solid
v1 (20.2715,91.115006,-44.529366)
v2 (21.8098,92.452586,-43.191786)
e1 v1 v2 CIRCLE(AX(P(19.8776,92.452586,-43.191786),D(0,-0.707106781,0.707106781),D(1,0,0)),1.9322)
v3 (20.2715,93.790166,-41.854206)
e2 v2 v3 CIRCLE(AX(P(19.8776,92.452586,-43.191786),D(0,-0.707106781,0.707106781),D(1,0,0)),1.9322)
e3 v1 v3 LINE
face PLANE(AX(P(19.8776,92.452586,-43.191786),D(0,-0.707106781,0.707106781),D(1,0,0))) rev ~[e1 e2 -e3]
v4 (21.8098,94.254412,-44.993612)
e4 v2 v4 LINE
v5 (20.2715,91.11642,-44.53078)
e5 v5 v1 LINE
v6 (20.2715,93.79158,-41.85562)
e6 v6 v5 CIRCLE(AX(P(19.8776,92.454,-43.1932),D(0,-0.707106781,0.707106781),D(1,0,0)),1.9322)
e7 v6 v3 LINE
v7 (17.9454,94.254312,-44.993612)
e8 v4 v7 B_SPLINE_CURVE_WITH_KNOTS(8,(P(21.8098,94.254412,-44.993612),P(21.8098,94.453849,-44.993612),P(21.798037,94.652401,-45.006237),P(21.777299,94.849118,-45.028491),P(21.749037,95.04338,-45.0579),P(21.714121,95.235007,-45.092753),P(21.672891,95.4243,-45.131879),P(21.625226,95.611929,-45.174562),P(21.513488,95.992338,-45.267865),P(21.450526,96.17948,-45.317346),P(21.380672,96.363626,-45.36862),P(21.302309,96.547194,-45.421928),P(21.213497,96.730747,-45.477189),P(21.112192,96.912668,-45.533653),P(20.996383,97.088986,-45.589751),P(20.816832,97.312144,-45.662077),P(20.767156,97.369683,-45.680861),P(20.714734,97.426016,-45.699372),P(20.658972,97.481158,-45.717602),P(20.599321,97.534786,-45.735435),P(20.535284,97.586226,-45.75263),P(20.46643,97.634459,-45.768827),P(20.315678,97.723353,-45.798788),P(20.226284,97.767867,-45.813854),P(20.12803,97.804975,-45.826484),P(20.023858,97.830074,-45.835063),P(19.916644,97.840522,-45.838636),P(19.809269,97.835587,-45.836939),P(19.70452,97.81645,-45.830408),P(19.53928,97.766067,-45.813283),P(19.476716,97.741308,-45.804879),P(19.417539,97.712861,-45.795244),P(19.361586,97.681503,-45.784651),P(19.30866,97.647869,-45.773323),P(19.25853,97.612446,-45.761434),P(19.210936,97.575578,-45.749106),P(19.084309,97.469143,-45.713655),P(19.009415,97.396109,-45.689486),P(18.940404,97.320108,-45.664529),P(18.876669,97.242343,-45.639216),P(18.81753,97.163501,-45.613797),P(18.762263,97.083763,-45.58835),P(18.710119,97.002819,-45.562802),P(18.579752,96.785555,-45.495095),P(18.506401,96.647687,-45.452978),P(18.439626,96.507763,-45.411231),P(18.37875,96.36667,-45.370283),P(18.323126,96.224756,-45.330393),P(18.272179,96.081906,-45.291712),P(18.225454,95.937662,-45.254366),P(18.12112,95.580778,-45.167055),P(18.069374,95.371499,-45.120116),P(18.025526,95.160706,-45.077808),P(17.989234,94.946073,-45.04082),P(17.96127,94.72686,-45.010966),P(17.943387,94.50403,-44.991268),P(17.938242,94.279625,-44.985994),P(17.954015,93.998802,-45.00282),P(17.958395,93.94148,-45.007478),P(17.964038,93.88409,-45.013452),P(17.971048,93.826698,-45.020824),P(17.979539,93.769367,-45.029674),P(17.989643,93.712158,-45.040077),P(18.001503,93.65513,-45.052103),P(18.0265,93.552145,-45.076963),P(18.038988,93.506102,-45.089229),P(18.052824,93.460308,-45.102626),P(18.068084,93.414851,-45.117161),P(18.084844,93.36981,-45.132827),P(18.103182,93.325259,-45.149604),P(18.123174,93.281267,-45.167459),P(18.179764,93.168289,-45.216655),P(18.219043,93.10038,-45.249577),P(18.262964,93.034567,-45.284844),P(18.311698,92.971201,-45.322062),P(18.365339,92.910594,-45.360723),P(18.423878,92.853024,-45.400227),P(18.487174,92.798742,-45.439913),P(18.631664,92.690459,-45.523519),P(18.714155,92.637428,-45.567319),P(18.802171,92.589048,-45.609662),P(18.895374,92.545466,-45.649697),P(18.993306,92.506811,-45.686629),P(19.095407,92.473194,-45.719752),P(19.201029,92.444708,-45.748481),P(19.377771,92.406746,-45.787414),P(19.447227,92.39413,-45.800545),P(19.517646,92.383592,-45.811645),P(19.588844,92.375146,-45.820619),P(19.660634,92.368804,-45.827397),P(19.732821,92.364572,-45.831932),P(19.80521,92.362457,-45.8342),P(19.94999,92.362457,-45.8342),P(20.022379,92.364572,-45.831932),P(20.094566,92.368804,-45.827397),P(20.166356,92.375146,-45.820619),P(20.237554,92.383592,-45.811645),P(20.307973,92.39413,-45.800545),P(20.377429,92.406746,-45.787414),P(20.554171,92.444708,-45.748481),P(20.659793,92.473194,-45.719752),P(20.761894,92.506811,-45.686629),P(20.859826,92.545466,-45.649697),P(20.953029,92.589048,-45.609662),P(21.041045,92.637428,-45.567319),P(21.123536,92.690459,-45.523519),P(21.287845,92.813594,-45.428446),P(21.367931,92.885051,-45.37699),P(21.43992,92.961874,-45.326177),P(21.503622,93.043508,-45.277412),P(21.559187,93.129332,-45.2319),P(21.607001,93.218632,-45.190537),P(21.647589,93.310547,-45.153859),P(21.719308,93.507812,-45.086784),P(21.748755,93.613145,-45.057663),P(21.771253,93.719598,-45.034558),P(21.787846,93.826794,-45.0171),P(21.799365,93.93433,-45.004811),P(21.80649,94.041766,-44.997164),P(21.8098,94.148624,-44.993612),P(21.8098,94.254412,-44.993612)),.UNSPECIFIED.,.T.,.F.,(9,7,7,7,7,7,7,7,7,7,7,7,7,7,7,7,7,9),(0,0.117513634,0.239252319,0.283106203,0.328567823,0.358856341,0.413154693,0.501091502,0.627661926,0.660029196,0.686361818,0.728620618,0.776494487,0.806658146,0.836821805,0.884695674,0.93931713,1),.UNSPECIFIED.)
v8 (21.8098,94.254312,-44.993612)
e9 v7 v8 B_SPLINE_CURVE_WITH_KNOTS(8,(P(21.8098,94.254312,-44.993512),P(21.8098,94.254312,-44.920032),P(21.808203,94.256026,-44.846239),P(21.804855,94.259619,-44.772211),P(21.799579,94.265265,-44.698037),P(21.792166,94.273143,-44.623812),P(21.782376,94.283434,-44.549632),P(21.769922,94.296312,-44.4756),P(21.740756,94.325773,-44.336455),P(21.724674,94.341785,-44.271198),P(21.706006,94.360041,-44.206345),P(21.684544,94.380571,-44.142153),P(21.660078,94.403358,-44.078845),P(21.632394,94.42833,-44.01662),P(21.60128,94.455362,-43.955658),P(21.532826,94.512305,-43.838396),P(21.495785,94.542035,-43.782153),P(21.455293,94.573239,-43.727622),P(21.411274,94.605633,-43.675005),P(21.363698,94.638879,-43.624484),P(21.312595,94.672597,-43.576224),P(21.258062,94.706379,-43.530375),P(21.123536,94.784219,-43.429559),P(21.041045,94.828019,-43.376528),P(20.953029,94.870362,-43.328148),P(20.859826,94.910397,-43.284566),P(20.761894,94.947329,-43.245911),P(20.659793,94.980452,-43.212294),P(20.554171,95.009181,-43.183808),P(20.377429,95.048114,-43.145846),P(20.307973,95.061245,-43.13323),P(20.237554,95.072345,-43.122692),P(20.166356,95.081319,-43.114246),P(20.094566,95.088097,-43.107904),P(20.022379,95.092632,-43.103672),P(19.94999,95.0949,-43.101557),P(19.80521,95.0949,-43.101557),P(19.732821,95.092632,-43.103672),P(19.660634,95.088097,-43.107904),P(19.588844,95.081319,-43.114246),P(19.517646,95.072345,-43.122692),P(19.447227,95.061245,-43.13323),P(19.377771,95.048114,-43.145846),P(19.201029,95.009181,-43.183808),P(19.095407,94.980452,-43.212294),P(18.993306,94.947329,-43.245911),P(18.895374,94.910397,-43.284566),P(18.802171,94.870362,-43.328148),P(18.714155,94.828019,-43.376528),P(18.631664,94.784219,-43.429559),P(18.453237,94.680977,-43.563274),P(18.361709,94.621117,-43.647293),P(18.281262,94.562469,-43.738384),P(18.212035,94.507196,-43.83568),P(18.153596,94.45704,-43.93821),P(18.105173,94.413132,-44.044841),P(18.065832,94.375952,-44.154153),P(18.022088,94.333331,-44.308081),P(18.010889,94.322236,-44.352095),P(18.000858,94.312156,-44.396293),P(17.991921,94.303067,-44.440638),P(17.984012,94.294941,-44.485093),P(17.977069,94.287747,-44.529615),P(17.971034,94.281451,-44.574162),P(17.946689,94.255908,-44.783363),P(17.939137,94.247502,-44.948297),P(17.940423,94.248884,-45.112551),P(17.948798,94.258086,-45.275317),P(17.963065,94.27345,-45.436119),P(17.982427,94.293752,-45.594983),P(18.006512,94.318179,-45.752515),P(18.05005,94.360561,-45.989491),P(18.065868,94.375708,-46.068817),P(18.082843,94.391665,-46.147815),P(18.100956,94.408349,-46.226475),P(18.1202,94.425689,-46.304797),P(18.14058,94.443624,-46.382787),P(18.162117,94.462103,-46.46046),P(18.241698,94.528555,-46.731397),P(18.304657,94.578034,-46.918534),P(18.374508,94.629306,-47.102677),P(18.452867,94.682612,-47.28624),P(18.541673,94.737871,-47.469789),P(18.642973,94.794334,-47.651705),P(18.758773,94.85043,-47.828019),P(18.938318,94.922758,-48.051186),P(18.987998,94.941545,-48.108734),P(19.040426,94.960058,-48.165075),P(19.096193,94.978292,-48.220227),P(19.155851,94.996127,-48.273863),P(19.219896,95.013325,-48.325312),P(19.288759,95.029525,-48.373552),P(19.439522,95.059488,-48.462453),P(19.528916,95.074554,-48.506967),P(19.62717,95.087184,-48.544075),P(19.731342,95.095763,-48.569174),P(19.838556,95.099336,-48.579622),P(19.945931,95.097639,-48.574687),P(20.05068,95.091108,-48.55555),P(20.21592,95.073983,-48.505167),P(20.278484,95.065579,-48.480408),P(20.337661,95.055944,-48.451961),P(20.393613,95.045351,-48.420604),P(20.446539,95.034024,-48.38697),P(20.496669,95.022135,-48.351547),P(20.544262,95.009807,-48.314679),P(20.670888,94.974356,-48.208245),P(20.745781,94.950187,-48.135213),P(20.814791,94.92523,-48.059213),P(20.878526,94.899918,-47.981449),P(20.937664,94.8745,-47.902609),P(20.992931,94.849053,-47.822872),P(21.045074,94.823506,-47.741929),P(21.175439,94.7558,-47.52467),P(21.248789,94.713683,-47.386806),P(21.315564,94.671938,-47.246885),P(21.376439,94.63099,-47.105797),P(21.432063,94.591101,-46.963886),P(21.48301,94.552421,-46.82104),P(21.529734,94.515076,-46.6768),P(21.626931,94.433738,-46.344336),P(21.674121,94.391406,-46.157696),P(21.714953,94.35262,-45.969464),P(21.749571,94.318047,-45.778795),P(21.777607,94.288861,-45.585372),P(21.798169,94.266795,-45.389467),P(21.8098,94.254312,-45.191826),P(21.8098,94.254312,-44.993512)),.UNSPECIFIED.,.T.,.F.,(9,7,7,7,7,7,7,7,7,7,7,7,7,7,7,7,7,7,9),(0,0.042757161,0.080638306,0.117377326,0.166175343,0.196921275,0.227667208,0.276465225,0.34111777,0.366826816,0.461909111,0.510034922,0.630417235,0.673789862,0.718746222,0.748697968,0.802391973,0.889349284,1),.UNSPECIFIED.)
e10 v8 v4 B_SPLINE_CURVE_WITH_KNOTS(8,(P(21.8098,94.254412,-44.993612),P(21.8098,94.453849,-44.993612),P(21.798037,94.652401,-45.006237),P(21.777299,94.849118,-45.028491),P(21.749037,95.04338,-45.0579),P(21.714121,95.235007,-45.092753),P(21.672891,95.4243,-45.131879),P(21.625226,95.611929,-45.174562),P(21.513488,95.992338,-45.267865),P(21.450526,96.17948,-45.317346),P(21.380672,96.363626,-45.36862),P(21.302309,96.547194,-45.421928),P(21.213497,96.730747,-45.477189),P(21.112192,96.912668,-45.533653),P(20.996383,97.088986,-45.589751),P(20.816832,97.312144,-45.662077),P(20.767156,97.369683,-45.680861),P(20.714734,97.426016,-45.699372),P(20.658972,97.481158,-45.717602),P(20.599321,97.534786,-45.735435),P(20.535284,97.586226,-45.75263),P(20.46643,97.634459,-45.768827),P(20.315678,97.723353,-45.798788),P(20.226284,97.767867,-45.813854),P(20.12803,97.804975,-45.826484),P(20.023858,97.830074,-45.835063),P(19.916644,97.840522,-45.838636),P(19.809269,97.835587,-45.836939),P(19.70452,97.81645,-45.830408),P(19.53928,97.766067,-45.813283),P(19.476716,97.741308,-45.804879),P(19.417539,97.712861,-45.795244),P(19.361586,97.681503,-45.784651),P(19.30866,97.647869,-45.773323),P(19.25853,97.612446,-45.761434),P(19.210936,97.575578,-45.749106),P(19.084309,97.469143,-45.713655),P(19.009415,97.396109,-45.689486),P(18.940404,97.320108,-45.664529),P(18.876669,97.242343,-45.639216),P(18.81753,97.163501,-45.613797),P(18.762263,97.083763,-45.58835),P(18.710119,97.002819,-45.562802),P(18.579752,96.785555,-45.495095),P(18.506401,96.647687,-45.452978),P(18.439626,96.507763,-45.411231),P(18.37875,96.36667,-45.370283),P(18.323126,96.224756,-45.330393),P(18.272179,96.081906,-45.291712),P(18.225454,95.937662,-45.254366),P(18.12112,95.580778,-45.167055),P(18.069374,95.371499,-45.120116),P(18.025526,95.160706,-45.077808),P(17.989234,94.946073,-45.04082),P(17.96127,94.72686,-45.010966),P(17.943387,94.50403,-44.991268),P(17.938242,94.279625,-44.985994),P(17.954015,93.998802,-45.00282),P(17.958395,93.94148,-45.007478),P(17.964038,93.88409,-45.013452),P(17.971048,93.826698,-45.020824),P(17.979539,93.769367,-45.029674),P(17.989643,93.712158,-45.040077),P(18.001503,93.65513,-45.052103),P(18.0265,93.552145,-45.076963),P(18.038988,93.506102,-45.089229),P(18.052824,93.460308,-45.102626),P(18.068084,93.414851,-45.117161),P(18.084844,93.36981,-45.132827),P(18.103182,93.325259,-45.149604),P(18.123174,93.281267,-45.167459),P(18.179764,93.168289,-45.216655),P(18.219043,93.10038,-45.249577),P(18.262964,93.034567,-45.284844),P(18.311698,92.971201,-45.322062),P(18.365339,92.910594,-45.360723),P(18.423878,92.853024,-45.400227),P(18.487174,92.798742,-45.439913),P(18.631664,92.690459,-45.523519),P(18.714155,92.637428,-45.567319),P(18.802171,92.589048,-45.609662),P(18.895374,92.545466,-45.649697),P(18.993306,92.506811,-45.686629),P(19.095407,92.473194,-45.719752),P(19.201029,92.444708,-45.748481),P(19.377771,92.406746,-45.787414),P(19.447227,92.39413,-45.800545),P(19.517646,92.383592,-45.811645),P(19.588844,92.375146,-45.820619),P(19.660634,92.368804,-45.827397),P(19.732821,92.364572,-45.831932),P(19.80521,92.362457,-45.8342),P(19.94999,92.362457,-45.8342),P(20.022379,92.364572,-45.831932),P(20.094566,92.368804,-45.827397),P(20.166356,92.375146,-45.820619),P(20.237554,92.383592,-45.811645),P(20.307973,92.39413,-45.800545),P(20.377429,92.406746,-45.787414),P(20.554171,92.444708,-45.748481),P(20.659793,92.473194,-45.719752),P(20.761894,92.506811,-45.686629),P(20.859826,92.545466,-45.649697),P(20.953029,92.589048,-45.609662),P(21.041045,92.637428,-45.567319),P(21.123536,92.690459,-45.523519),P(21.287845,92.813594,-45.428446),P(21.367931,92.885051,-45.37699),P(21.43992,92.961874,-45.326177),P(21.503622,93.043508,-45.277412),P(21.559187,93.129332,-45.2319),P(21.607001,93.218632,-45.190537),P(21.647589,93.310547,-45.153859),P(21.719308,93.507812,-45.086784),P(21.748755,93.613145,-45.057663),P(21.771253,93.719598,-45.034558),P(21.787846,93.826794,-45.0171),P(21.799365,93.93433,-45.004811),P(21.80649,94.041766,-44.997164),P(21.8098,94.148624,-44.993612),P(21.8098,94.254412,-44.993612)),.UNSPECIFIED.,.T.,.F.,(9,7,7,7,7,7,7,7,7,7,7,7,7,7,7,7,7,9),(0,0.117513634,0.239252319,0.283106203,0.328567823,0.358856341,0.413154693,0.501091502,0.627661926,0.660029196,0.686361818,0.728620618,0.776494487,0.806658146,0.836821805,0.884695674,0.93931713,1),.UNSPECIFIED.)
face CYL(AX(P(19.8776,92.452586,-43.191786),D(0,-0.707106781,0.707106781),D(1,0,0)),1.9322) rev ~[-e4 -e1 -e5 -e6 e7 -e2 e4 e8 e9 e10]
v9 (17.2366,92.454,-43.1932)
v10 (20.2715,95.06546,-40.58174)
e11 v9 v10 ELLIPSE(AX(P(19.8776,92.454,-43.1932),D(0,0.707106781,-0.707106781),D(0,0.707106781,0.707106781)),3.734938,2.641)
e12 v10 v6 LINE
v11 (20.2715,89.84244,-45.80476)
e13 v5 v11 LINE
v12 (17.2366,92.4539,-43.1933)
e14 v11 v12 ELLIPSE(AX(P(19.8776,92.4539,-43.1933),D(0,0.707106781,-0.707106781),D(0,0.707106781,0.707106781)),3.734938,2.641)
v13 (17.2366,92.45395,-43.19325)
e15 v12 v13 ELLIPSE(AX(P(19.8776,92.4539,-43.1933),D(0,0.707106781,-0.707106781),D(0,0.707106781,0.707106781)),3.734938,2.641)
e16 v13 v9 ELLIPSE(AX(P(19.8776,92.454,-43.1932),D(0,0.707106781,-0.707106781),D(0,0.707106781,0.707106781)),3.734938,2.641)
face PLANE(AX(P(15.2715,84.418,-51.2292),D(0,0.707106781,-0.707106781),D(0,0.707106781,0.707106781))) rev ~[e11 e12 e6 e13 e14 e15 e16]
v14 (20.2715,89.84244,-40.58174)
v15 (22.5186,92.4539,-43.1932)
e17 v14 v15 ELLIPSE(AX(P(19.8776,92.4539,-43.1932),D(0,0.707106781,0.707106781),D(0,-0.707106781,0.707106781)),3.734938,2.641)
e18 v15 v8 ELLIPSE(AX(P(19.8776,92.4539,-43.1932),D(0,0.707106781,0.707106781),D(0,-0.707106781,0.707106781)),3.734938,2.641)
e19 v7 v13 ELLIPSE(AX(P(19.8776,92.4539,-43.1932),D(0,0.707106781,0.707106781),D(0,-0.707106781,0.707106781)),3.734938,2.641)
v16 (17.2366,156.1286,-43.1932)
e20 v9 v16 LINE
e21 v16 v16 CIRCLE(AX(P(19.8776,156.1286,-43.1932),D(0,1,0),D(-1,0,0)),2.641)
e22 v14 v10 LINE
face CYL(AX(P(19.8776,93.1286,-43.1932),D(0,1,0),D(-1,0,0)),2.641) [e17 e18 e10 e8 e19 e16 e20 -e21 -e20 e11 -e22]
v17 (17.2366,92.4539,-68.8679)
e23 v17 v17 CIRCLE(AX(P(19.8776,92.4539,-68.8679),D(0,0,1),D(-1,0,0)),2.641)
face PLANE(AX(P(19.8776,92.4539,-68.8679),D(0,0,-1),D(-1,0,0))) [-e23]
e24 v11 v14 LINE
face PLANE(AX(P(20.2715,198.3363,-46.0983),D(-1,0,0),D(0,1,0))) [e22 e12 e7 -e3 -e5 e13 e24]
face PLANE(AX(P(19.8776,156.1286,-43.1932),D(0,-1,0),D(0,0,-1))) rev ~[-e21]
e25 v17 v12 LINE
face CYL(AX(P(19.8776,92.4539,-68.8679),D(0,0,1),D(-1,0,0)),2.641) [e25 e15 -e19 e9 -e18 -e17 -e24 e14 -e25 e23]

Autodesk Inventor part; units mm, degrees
ref_plane "YZ Plane" through (0, 0, 0) normal (1, 0, 0) x (0, 1, 0)
ref_plane "XZ Plane" through (0, 0, 0) normal (0, 1, 0) x (-1, 0, 0)
ref_plane "XY Plane" through (0, 0, 0) normal (0, 0, 1) x (1, 0, 0)
ref_plane "Work Plane1" through (15.2715, 198.3363, -46.0983) normal (-1, 0, 0) x (0, 1, 0)
sketch "Sketch1" plane through (15.2715, 198.3363, -46.0983) normal (-1, 0, 0) x (0, 1, 0)
  line L0 (-57.2075, -5.2313) -> (-57.2075, -7.2313)
  line L1 (-59.3325, 28.2487) -> (-59.3325, 9.0387)
  line L2 (-39.0825, 28.2487) -> (-39.0825, 9.0387)
  line L3 (-60.777, -7.2313) -> (-38.43, -7.2313) projected
  line L4 (-38.43, -0.2313) -> (-60.777, -0.2313) projected
  line L5 (-113.6123, 22.7696) -> (-98.1523, 22.7696) projected
  line L6 (-105.2077, 22.7696) -> (-105.2077, -2.2304)
  line L7 (-105.2077, -2.2304) -> (-42.2077, -2.2304)
  point P0 (-198.3363, -46.0983)
  dimension "d0" = 25
  dimension "d1" = 63
ref_plane "Work Plane2" through (20.8129, 75.0546, -60.4371) normal (0, 0, -1) x (-1, 0, 0)
sketch "Sketch2" plane through (20.8129, 75.0546, -60.4371) normal (0, 0, -1) x (-1, 0, 0)
  circle A0 centre (0.9353, 17.3993) radius 7.73 projected
  circle A1 centre (0.9353, 17.3993) radius 2.641
  point P0 (20.8129, -75.0546)
sweep "Sweep1" add profiles "Sketch2" path "Sketch1" path curves L6 L7 contours A1
sketch "Sketch3" plane through (15.2715, 198.3363, -46.0983) normal (-1, 0, 0) x (0, 1, 0)
  line L0 (-42.2077, -5.5462) -> (-42.2077, -0.2641) projected
  line L1 (-105.8823, -2.9051) -> (-105.8823, -2.9051) projected
  line L2 (-105.8823, -2.9051) -> (-105.8823, -2.9051) projected
  line L3 (-108.5234, 22.7696) -> (-103.2413, 22.7696) projected
  line L4 (-113.9183, 5.1309) -> (-96.4131, -12.3743)
  line L5 (-96.4131, -12.3743) -> (-115.0261, -30.9873)
  line L6 (-115.0261, -30.9873) -> (-132.5313, -13.4821)
  line L7 (-132.5313, -13.4821) -> (-113.9183, 5.1309)
  line L8 (-113.9183, 5.1309) -> (-89.1622, 5.1309) construction
  line L9 (-105.8823, 22.7696) -> (-105.8823, -27.9051)
  line L10 (-105.8823, -2.9051) -> (-105.8823, -2.9051) projected
  line L11 (-105.8823, -2.9051) -> (-105.8823, -2.9051) projected
  point P0 (-198.3363, -46.0983)
  dimension "d4" = 45
extrude "Extrusion1" cut sketch "Sketch3" along normal mid plane 10
sketch "Sketch4" plane through (19.8776, 92.454, -43.1932) normal (0, -0.7071, 0.7071) x (1, 0, 0)
  ellipse E0 centre (0, 0) end of major axis (0, -3.735) minor radius 2.641 (0.3939, 3.6932) -> (-2.641, 0) ccw projected
  ellipse E1 centre (0, 0) end of major axis (0, 3.735) minor radius 2.641 (-2.641, 0) -> (0.3939, -3.6932) ccw projected
  circle A0 centre (0, 0) radius 1.9322
  point P0 (-19.8776, -34.8326)
  point P1 (2.641, 0)
extrude "Extrusion2" cut sketch "Sketch4" against normal blind 10
properties part number "00_opticalpath"
